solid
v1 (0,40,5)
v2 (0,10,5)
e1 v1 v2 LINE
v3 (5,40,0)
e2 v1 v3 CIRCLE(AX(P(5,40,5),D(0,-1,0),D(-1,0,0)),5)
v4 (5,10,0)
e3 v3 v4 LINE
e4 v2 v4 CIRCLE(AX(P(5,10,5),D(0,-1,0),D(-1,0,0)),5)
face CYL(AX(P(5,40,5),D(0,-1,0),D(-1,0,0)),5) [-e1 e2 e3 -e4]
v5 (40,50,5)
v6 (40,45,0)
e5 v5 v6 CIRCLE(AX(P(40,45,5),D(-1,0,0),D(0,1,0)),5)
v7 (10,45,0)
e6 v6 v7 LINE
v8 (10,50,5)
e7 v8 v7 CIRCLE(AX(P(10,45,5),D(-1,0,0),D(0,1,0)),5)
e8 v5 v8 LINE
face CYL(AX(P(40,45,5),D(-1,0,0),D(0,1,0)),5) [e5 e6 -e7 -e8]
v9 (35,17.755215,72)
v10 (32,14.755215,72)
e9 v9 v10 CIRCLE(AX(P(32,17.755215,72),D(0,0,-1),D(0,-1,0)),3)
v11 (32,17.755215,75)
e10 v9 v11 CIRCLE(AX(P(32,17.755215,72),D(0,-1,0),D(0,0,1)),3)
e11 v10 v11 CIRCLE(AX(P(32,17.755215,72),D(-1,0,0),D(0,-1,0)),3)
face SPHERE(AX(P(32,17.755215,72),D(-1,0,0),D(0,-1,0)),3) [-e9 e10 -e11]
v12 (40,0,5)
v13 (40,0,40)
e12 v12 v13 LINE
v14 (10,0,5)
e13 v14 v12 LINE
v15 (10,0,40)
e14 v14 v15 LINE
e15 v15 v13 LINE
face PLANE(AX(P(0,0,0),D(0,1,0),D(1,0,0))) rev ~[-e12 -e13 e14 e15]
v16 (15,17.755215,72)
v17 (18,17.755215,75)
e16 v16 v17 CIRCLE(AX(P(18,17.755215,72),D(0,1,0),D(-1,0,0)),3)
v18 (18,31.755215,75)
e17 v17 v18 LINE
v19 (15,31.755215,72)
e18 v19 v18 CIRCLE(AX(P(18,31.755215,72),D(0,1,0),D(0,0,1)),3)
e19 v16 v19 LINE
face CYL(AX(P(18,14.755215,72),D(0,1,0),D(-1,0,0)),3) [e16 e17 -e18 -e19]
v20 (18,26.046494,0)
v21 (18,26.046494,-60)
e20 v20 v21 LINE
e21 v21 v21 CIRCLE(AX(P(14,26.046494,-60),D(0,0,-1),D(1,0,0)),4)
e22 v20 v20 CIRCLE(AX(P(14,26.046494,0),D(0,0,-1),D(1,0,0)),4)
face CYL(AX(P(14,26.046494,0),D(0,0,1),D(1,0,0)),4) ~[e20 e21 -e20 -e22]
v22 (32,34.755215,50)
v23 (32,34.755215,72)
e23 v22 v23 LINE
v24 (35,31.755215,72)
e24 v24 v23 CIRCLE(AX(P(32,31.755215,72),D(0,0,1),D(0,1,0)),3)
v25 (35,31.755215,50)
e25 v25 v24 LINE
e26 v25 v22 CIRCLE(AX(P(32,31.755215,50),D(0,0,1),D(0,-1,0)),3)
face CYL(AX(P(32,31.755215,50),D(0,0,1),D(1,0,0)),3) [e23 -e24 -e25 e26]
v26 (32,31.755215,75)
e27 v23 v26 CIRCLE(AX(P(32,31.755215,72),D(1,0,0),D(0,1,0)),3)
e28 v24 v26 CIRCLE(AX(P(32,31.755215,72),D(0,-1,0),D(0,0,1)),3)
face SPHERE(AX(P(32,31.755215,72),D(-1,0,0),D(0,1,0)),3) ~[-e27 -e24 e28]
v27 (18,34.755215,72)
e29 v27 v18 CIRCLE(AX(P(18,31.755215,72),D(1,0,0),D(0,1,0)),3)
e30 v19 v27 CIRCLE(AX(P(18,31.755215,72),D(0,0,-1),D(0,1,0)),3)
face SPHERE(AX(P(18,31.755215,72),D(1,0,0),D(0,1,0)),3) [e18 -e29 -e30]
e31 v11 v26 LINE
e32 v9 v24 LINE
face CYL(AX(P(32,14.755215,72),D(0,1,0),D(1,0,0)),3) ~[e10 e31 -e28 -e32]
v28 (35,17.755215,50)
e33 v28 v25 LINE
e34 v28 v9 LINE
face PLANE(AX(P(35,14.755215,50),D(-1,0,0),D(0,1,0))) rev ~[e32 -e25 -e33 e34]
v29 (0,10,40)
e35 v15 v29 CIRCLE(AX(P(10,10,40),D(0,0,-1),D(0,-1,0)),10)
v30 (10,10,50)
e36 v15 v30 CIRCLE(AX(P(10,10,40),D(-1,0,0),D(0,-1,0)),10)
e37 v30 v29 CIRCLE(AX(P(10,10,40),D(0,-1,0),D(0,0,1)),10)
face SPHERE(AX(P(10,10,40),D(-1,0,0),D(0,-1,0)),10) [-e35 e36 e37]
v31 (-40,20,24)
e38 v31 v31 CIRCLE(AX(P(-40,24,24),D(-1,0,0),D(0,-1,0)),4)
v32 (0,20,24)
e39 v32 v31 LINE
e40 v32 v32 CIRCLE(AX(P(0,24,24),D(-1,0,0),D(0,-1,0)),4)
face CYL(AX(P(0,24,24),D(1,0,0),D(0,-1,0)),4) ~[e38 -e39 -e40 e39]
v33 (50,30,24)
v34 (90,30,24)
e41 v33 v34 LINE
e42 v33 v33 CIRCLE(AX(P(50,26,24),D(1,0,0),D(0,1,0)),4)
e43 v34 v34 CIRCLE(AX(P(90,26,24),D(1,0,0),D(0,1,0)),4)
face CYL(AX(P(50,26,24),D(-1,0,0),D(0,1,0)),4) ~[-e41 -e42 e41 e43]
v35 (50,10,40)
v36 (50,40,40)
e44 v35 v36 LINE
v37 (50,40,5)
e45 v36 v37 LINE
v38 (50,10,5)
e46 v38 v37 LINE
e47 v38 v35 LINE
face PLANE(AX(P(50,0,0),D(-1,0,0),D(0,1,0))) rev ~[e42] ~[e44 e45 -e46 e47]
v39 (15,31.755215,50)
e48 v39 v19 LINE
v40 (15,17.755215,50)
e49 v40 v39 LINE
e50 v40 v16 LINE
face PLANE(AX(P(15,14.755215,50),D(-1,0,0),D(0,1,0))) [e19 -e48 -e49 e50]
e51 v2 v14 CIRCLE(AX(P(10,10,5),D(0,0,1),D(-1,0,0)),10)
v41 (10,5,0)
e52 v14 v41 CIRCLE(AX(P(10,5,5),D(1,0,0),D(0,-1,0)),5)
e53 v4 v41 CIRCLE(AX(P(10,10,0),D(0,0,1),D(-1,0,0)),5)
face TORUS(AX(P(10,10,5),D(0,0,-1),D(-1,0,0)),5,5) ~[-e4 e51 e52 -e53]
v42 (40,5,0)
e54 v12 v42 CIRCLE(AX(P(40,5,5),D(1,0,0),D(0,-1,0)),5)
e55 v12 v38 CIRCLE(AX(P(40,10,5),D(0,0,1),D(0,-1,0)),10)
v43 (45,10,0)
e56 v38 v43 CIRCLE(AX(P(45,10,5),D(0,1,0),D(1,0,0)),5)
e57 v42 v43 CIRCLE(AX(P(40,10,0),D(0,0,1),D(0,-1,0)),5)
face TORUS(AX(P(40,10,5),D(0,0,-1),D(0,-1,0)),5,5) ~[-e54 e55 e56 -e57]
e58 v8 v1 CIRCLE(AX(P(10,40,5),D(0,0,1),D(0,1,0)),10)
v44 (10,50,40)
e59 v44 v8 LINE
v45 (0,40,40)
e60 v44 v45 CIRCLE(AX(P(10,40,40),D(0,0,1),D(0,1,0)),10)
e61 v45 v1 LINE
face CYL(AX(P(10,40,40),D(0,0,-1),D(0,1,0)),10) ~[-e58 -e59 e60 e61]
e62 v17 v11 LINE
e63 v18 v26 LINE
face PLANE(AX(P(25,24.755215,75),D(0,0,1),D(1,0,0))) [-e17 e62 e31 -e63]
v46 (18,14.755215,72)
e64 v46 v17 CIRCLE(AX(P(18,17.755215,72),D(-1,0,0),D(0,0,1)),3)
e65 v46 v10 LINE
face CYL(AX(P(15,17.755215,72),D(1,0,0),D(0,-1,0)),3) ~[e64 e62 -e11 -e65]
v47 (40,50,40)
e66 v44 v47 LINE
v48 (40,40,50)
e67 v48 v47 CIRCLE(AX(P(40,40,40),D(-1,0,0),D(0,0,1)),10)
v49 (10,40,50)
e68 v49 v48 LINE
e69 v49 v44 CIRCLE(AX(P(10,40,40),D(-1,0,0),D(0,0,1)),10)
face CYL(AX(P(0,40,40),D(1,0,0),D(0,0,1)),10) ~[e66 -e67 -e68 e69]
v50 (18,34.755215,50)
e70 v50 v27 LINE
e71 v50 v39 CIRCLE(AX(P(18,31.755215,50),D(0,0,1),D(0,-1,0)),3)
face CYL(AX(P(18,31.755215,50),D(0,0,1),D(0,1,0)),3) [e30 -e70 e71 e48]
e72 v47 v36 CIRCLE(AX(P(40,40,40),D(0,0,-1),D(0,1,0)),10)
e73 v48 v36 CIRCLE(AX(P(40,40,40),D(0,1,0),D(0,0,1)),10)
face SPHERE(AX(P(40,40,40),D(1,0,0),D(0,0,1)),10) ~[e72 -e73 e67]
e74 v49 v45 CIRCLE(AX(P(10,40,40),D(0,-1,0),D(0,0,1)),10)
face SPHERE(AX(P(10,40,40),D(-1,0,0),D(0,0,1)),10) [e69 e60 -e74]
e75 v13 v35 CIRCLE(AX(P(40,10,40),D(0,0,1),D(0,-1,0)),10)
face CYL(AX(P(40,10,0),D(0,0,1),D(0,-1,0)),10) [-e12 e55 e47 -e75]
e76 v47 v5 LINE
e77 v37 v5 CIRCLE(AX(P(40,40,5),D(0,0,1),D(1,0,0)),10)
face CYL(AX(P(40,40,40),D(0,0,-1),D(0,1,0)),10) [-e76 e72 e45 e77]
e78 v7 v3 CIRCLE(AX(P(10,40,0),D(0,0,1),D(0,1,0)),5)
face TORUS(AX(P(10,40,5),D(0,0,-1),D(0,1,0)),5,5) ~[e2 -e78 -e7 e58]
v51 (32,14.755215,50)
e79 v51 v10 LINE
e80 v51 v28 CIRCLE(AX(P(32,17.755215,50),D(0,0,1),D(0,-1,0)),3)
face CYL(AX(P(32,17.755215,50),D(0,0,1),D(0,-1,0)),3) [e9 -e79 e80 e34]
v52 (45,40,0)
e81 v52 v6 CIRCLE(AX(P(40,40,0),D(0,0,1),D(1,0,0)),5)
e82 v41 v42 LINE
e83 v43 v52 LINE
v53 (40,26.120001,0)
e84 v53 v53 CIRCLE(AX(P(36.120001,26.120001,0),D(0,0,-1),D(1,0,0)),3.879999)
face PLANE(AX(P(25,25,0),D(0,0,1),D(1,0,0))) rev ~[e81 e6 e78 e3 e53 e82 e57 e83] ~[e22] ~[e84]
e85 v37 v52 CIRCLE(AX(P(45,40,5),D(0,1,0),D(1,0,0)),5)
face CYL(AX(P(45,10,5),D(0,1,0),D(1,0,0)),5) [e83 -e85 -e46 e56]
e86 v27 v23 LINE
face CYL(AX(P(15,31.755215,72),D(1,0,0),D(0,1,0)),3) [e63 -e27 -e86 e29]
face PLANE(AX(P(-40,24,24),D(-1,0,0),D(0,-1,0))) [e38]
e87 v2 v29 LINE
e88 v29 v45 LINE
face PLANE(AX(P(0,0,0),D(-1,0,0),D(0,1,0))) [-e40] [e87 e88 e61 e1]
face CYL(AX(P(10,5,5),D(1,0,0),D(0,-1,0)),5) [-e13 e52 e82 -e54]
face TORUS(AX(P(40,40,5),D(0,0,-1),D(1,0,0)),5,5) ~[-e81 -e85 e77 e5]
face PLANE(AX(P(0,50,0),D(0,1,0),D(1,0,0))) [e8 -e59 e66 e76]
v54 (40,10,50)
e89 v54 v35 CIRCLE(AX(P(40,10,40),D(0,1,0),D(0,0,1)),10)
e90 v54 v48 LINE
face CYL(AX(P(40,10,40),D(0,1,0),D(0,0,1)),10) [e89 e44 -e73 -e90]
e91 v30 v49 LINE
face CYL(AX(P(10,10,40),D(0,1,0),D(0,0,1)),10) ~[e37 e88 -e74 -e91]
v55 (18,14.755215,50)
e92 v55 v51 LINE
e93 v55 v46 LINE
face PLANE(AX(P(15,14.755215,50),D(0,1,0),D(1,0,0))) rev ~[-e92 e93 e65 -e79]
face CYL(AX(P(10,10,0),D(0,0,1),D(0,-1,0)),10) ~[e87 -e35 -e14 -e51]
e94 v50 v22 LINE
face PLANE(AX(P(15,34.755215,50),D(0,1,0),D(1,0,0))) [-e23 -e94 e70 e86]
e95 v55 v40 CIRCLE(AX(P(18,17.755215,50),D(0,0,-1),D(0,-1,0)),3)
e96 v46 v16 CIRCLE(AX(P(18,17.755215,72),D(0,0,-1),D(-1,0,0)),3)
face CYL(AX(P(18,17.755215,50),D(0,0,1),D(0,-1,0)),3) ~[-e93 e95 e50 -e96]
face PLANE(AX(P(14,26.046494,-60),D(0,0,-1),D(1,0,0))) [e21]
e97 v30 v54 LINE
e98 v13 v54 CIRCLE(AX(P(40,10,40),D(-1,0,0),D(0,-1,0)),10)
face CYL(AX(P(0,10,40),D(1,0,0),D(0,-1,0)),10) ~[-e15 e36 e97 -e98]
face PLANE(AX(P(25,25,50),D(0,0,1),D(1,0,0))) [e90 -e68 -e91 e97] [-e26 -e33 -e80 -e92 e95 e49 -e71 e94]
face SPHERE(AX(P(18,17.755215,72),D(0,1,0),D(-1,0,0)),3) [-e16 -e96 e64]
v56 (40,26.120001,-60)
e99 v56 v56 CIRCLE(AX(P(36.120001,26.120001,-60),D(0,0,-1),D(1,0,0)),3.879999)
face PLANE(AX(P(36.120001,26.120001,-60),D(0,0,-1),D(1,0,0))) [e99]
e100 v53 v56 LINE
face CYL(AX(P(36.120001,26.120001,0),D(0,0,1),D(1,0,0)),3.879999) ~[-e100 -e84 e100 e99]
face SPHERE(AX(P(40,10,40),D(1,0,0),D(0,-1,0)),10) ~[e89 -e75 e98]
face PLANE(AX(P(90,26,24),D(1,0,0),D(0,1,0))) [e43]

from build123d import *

# Parameters (mm, degrees)
F0_W      = 50
F0_H      = 50
F1_DEPTH  = 50
F2_W      = 20
F2_H      = 20
F3_DEPTH  = 25
F4_R      = 4
F5_DEPTH  = 40
F6_R      = 4
F7_DEPTH  = 40
F8_R      = 4
F10_DEPTH = 60
F9_R      = 3.879999
F11_DEPTH = 60
F12_R     = 10
F13_R     = 10
F14_R     = 10
F15_R     = 10
F16_R     = 3
F17_R     = 5


with BuildPart() as f1:
    # F0 (on Top) → F1 (new body)
    with BuildSketch(Plane.XY):
        with Locations((25, 25)):
            Rectangle(F0_W, F0_H)
    extrude(amount=F1_DEPTH)

    # F2 (on face) → F3 (join)
    with BuildSketch(Plane.XY.offset(50)):
        with Locations((25, 24.755215)):
            Rectangle(F2_W, F2_H)
    extrude(amount=F3_DEPTH)

    # F4 (on face) → F5 (join)
    with BuildSketch(Plane.YZ.offset(50)):
        with Locations((26, 24)):
            Circle(F4_R)
    extrude(amount=F5_DEPTH)

    # F6 (on face) → F7 (join)
    with BuildSketch(Plane(origin=(0, 0, 0), x_dir=(0, -1, 0), z_dir=(-1, 0, 0))):
        with Locations((-24, 24)):
            Circle(F6_R)
    extrude(amount=F7_DEPTH)

    # F8 (on face) → F10 (join)
    with BuildSketch(Plane(origin=(0, 0, 0), x_dir=(1, 0, 0), z_dir=(0, 0, -1))):
        with Locations((14, -26.046494)):
            Circle(F8_R)
    extrude(amount=F10_DEPTH)

    # F9 (on face) → F11 (join)
    with BuildSketch(Plane(origin=(0, 0, 0), x_dir=(1, 0, 0), z_dir=(0, 0, -1))):
        with Locations((36.120001, -26.120001)):
            Circle(F9_R)
    extrude(amount=F11_DEPTH)

    # F12
    f12_edges = [f1.edges().sort_by_distance(p)[0] for p in [
        (25, 0, 50),
    ]]
    fillet(f12_edges, radius=F12_R)

    # F13
    f13_edges = [f1.edges().sort_by_distance(p)[0] for p in [
        (25, 50, 50),
    ]]
    fillet(f13_edges, radius=F13_R)

    # F14
    f14_edges = [f1.edges().sort_by_distance(p)[0] for p in [
        (50, 25, 50),
    ]]
    fillet(f14_edges, radius=F14_R)

    # F15
    f15_edges = [f1.edges().sort_by_distance(p)[0] for p in [
        (0, 25, 50),
    ]]
    fillet(f15_edges, radius=F15_R)

    # F16
    f16_edges = [f1.edges().sort_by_distance(p)[0] for p in [
        (25, 34.755215, 75),
        (15, 34.755215, 62.5),
        (35, 34.755215, 62.5),
        (15, 24.755215, 75),
        (15, 14.755215, 62.5),
        (25, 14.755215, 75),
        (35, 14.755215, 62.5),
        (35, 24.755215, 75),
    ]]
    fillet(f16_edges, radius=F16_R)

    # F17
    f17_edges = [f1.edges().sort_by_distance(p)[0] for p in [
        (25, 0, 0),
    ]]
    fillet(f17_edges, radius=F17_R)


solid = f1.part
